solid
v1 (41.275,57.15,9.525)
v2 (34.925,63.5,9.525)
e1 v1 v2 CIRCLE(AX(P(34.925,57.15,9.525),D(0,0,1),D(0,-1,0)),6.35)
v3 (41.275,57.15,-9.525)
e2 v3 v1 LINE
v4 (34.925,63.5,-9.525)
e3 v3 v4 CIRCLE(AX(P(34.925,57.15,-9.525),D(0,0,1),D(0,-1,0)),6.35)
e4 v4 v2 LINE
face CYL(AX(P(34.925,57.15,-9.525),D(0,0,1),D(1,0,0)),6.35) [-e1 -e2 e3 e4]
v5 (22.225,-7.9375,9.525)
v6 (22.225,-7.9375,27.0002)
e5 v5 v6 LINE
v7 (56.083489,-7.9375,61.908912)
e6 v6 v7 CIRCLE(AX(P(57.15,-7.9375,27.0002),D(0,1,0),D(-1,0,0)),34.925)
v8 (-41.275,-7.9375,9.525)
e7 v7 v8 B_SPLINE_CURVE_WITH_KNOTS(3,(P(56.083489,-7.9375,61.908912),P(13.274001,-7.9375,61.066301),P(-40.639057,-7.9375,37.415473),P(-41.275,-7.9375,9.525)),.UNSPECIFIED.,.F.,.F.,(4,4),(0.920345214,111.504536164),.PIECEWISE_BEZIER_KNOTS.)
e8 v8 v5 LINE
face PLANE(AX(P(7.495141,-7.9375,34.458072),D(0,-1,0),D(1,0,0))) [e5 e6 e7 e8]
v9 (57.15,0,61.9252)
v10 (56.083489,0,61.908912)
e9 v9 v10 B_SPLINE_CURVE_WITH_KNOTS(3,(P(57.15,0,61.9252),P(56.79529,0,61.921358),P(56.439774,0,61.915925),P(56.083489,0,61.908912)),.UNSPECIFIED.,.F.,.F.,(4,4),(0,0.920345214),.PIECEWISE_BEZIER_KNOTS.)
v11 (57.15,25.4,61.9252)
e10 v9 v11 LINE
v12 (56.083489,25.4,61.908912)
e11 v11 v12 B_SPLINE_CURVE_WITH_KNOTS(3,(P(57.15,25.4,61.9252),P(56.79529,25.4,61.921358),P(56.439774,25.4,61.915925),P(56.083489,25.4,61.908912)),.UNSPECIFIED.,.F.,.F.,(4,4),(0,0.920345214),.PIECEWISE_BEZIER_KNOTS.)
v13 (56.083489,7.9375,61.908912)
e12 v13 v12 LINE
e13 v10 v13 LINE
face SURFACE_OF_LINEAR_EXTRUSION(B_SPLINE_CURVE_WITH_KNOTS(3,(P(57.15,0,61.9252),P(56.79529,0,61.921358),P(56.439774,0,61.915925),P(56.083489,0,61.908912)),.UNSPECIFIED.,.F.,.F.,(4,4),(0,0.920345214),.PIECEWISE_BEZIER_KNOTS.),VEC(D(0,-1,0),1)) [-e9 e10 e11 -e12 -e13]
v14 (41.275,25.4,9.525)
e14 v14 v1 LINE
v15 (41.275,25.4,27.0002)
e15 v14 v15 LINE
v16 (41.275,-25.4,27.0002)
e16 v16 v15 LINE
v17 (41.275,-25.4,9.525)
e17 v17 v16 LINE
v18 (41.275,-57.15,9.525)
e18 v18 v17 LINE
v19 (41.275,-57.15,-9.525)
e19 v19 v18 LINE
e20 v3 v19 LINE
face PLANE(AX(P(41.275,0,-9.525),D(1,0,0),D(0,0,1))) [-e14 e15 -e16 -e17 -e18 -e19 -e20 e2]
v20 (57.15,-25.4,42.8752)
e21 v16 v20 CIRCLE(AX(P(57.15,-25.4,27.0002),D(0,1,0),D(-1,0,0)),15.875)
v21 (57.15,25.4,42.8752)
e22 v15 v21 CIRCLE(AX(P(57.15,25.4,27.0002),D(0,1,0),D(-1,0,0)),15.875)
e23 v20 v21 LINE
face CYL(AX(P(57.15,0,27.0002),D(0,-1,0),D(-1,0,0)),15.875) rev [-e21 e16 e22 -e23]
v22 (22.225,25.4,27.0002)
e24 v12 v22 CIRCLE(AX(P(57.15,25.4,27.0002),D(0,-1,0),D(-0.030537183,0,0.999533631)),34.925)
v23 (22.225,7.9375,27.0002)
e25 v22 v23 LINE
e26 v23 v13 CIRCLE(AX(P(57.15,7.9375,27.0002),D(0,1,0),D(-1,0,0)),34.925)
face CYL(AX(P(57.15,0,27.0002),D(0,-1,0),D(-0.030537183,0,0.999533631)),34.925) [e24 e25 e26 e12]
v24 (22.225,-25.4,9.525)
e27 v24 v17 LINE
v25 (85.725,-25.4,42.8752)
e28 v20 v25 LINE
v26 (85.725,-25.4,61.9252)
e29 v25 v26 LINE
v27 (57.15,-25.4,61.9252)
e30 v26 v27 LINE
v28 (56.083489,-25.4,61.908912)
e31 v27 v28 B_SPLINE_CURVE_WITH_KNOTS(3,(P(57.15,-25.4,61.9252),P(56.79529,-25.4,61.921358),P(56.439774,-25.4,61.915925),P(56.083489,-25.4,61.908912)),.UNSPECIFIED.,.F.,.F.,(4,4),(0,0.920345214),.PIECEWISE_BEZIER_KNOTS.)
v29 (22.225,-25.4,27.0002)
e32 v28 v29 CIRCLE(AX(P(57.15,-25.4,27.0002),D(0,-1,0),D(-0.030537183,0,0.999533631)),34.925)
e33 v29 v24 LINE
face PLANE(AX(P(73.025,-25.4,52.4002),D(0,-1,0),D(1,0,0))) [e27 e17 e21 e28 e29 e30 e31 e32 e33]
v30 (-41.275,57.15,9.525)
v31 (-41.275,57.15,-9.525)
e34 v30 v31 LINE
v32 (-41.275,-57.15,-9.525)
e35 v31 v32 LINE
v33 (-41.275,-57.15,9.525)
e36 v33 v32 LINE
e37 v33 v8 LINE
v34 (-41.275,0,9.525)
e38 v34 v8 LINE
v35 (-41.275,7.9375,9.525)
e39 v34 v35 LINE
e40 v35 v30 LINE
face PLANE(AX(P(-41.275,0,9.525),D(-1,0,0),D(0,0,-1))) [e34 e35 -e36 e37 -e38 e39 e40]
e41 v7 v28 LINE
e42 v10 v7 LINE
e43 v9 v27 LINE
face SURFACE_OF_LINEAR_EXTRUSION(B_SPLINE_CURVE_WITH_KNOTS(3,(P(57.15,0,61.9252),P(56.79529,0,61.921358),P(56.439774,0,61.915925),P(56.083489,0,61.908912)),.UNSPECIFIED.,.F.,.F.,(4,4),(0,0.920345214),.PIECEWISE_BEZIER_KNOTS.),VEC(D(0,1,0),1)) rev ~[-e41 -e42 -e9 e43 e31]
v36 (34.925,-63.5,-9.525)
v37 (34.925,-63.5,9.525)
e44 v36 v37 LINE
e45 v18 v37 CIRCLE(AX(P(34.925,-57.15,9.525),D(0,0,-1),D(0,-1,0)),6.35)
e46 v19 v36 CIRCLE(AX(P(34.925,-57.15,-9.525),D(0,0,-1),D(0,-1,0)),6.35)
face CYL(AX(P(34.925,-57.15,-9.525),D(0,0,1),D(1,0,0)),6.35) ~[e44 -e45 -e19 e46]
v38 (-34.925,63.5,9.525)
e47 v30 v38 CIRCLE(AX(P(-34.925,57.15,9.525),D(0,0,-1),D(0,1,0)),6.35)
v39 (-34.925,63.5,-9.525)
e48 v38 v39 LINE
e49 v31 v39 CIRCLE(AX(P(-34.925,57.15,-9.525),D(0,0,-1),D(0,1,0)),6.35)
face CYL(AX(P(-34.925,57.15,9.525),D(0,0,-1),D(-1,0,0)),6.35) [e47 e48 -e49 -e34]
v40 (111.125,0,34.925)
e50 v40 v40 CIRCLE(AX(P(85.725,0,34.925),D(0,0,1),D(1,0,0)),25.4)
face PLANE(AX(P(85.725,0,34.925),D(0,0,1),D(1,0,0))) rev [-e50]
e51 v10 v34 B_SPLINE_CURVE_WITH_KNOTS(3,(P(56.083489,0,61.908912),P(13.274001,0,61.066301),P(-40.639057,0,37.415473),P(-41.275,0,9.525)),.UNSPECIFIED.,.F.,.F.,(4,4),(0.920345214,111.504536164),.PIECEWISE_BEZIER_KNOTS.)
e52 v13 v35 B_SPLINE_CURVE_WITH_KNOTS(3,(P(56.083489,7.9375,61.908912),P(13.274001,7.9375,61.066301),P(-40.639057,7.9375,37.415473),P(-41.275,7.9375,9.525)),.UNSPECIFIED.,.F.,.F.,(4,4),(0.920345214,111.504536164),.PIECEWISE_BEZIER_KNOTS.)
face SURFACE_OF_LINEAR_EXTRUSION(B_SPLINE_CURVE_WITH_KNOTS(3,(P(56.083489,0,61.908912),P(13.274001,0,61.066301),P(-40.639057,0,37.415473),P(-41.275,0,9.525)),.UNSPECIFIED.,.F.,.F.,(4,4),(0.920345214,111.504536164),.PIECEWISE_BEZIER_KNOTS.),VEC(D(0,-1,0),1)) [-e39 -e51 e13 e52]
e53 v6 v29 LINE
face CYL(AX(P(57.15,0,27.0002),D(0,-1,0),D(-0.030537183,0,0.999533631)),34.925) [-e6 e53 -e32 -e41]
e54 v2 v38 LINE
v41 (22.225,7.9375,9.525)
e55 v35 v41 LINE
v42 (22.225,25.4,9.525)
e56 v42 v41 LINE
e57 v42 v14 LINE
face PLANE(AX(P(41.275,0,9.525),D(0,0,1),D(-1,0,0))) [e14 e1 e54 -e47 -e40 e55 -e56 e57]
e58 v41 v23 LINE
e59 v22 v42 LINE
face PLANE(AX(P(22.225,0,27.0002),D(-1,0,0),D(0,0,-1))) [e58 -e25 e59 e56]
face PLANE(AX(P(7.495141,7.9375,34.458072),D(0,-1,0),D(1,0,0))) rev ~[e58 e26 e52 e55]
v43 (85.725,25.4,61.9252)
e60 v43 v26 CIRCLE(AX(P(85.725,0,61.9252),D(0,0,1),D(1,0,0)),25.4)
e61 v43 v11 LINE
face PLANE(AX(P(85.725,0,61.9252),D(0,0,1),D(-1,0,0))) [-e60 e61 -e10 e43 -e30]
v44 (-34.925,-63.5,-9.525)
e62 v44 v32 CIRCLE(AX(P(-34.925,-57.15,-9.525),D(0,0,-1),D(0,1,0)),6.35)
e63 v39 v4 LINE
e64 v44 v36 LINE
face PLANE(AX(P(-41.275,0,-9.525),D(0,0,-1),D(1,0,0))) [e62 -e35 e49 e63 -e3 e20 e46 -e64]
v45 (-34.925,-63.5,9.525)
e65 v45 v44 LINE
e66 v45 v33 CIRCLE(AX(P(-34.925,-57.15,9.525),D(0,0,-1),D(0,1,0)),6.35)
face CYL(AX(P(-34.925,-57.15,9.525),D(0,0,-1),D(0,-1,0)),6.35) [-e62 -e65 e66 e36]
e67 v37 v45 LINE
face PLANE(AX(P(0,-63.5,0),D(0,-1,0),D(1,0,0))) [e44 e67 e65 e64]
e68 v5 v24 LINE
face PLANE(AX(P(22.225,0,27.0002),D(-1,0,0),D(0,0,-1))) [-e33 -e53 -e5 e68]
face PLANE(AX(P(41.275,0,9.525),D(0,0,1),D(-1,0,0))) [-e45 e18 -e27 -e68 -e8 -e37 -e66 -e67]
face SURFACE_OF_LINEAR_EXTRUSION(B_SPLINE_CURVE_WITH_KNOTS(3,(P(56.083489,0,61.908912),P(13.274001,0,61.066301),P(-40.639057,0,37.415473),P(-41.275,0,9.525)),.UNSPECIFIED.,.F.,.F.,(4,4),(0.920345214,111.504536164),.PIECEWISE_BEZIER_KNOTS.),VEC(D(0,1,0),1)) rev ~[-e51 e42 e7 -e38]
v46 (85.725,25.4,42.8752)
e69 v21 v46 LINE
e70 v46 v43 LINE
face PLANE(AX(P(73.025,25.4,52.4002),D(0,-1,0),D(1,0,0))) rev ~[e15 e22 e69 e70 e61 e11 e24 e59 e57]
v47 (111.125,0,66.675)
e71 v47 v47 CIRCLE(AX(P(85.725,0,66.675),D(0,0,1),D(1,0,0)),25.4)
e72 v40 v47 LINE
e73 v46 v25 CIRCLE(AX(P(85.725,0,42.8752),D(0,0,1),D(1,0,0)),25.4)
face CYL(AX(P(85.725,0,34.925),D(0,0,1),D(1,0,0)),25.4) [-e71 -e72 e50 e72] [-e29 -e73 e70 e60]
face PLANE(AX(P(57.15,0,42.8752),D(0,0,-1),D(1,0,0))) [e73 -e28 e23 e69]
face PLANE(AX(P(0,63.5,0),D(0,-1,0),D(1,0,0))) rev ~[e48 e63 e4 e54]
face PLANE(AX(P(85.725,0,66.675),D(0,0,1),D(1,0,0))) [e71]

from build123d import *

# Parameters (mm, degrees)
F0_W     = 25.4
F0_H     = 19.05
F1_DEPTH = 25.4
F2_DEPTH = 63.5
F3_DEPTH = 7.9375
F5_R     = 6.35


with BuildPart() as f1:
    # F0 (on Front) → F1 (new body, symmetric)
    with BuildSketch(Plane.XZ):
        with Locations((73.025, 52.4002)):
            Rectangle(F0_W, F0_H)
        with BuildLine():
            Line((22.225, 27.0002), (22.225, 9.525))
            Line((22.225, 9.525), (41.275, 9.525))
            Line((41.275, 9.525), (41.275, 27.0002))
            ThreePointArc((41.275, 27.0002), (45.9246798487, 38.2255201513), (57.15, 42.8752))
            Line((57.15, 42.8752), (60.325, 42.8752))
            Line((60.325, 42.8752), (60.325, 61.9252))
            Line((60.325, 61.9252), (57.15, 61.9252))
            add(Edge.make_bspline(
                [(57.15, 61.9252), (56.7952901296, 61.9213576462), (56.4397740543, 61.9159247713), (56.0834888873, 61.9089120795)],
                knots=[0, 0, 0, 0, 0.9203452137, 0.9203452137, 0.9203452137, 0.9203452137], degree=3))
            ThreePointArc((56.0834888873, 61.9089120795), (32.0800625688, 51.3159122494), (22.225, 27.0002))
        make_face()
    extrude(amount=F1_DEPTH, both=True)

    # F0 (on Front) → F2 (join, symmetric)
    with BuildSketch(Plane.XZ):
        Polygon((22.225, 9.525), (-41.275, 9.525), (-41.275, -9.525), (41.275, -9.525), (41.275, 9.525), align=None)
    extrude(amount=F2_DEPTH, both=True)

    # F0 (on Front) → F3 (join, symmetric)
    with BuildSketch(Plane.XZ):
        with BuildLine():
            add(Edge.make_bspline(
                [(56.0834888873, 61.9089120795), (13.2740013728, 61.0663012405), (-40.6390568029, 37.4154732137), (-41.275, 9.525)],
                knots=[0.9203452137, 0.9203452137, 0.9203452137, 0.9203452137, 111.5045361635, 111.5045361635, 111.5045361635, 111.5045361635], degree=3))
            Line((-41.275, 9.525), (22.225, 9.525))
            Line((22.225, 9.525), (22.225, 27.0002))
            ThreePointArc((22.225, 27.0002), (32.0800625688, 51.3159122494), (56.0834888873, 61.9089120795))
        make_face()
    extrude(amount=F3_DEPTH, both=True)

    # F0 (on Front) → F4 (revolve)
    with BuildSketch(Plane.XZ):
        Polygon((85.725, 66.675), (85.725, 61.9252), (85.725, 42.8752), (85.725, 34.925), (111.125, 34.925), (111.125, 66.675), align=None)
    revolve(axis=Axis((85.725, 0, 50.8), (0, 0, 1)))

    # F5
    f5_edges = [f1.edges().sort_by_distance(p)[0] for p in [
        (41.275, -63.5, 0),
        (-41.275, -63.5, 0),
        (41.275, 63.5, 0),
        (-41.275, 63.5, 0),
    ]]
    fillet(f5_edges, radius=F5_R)


solid = f1.part
